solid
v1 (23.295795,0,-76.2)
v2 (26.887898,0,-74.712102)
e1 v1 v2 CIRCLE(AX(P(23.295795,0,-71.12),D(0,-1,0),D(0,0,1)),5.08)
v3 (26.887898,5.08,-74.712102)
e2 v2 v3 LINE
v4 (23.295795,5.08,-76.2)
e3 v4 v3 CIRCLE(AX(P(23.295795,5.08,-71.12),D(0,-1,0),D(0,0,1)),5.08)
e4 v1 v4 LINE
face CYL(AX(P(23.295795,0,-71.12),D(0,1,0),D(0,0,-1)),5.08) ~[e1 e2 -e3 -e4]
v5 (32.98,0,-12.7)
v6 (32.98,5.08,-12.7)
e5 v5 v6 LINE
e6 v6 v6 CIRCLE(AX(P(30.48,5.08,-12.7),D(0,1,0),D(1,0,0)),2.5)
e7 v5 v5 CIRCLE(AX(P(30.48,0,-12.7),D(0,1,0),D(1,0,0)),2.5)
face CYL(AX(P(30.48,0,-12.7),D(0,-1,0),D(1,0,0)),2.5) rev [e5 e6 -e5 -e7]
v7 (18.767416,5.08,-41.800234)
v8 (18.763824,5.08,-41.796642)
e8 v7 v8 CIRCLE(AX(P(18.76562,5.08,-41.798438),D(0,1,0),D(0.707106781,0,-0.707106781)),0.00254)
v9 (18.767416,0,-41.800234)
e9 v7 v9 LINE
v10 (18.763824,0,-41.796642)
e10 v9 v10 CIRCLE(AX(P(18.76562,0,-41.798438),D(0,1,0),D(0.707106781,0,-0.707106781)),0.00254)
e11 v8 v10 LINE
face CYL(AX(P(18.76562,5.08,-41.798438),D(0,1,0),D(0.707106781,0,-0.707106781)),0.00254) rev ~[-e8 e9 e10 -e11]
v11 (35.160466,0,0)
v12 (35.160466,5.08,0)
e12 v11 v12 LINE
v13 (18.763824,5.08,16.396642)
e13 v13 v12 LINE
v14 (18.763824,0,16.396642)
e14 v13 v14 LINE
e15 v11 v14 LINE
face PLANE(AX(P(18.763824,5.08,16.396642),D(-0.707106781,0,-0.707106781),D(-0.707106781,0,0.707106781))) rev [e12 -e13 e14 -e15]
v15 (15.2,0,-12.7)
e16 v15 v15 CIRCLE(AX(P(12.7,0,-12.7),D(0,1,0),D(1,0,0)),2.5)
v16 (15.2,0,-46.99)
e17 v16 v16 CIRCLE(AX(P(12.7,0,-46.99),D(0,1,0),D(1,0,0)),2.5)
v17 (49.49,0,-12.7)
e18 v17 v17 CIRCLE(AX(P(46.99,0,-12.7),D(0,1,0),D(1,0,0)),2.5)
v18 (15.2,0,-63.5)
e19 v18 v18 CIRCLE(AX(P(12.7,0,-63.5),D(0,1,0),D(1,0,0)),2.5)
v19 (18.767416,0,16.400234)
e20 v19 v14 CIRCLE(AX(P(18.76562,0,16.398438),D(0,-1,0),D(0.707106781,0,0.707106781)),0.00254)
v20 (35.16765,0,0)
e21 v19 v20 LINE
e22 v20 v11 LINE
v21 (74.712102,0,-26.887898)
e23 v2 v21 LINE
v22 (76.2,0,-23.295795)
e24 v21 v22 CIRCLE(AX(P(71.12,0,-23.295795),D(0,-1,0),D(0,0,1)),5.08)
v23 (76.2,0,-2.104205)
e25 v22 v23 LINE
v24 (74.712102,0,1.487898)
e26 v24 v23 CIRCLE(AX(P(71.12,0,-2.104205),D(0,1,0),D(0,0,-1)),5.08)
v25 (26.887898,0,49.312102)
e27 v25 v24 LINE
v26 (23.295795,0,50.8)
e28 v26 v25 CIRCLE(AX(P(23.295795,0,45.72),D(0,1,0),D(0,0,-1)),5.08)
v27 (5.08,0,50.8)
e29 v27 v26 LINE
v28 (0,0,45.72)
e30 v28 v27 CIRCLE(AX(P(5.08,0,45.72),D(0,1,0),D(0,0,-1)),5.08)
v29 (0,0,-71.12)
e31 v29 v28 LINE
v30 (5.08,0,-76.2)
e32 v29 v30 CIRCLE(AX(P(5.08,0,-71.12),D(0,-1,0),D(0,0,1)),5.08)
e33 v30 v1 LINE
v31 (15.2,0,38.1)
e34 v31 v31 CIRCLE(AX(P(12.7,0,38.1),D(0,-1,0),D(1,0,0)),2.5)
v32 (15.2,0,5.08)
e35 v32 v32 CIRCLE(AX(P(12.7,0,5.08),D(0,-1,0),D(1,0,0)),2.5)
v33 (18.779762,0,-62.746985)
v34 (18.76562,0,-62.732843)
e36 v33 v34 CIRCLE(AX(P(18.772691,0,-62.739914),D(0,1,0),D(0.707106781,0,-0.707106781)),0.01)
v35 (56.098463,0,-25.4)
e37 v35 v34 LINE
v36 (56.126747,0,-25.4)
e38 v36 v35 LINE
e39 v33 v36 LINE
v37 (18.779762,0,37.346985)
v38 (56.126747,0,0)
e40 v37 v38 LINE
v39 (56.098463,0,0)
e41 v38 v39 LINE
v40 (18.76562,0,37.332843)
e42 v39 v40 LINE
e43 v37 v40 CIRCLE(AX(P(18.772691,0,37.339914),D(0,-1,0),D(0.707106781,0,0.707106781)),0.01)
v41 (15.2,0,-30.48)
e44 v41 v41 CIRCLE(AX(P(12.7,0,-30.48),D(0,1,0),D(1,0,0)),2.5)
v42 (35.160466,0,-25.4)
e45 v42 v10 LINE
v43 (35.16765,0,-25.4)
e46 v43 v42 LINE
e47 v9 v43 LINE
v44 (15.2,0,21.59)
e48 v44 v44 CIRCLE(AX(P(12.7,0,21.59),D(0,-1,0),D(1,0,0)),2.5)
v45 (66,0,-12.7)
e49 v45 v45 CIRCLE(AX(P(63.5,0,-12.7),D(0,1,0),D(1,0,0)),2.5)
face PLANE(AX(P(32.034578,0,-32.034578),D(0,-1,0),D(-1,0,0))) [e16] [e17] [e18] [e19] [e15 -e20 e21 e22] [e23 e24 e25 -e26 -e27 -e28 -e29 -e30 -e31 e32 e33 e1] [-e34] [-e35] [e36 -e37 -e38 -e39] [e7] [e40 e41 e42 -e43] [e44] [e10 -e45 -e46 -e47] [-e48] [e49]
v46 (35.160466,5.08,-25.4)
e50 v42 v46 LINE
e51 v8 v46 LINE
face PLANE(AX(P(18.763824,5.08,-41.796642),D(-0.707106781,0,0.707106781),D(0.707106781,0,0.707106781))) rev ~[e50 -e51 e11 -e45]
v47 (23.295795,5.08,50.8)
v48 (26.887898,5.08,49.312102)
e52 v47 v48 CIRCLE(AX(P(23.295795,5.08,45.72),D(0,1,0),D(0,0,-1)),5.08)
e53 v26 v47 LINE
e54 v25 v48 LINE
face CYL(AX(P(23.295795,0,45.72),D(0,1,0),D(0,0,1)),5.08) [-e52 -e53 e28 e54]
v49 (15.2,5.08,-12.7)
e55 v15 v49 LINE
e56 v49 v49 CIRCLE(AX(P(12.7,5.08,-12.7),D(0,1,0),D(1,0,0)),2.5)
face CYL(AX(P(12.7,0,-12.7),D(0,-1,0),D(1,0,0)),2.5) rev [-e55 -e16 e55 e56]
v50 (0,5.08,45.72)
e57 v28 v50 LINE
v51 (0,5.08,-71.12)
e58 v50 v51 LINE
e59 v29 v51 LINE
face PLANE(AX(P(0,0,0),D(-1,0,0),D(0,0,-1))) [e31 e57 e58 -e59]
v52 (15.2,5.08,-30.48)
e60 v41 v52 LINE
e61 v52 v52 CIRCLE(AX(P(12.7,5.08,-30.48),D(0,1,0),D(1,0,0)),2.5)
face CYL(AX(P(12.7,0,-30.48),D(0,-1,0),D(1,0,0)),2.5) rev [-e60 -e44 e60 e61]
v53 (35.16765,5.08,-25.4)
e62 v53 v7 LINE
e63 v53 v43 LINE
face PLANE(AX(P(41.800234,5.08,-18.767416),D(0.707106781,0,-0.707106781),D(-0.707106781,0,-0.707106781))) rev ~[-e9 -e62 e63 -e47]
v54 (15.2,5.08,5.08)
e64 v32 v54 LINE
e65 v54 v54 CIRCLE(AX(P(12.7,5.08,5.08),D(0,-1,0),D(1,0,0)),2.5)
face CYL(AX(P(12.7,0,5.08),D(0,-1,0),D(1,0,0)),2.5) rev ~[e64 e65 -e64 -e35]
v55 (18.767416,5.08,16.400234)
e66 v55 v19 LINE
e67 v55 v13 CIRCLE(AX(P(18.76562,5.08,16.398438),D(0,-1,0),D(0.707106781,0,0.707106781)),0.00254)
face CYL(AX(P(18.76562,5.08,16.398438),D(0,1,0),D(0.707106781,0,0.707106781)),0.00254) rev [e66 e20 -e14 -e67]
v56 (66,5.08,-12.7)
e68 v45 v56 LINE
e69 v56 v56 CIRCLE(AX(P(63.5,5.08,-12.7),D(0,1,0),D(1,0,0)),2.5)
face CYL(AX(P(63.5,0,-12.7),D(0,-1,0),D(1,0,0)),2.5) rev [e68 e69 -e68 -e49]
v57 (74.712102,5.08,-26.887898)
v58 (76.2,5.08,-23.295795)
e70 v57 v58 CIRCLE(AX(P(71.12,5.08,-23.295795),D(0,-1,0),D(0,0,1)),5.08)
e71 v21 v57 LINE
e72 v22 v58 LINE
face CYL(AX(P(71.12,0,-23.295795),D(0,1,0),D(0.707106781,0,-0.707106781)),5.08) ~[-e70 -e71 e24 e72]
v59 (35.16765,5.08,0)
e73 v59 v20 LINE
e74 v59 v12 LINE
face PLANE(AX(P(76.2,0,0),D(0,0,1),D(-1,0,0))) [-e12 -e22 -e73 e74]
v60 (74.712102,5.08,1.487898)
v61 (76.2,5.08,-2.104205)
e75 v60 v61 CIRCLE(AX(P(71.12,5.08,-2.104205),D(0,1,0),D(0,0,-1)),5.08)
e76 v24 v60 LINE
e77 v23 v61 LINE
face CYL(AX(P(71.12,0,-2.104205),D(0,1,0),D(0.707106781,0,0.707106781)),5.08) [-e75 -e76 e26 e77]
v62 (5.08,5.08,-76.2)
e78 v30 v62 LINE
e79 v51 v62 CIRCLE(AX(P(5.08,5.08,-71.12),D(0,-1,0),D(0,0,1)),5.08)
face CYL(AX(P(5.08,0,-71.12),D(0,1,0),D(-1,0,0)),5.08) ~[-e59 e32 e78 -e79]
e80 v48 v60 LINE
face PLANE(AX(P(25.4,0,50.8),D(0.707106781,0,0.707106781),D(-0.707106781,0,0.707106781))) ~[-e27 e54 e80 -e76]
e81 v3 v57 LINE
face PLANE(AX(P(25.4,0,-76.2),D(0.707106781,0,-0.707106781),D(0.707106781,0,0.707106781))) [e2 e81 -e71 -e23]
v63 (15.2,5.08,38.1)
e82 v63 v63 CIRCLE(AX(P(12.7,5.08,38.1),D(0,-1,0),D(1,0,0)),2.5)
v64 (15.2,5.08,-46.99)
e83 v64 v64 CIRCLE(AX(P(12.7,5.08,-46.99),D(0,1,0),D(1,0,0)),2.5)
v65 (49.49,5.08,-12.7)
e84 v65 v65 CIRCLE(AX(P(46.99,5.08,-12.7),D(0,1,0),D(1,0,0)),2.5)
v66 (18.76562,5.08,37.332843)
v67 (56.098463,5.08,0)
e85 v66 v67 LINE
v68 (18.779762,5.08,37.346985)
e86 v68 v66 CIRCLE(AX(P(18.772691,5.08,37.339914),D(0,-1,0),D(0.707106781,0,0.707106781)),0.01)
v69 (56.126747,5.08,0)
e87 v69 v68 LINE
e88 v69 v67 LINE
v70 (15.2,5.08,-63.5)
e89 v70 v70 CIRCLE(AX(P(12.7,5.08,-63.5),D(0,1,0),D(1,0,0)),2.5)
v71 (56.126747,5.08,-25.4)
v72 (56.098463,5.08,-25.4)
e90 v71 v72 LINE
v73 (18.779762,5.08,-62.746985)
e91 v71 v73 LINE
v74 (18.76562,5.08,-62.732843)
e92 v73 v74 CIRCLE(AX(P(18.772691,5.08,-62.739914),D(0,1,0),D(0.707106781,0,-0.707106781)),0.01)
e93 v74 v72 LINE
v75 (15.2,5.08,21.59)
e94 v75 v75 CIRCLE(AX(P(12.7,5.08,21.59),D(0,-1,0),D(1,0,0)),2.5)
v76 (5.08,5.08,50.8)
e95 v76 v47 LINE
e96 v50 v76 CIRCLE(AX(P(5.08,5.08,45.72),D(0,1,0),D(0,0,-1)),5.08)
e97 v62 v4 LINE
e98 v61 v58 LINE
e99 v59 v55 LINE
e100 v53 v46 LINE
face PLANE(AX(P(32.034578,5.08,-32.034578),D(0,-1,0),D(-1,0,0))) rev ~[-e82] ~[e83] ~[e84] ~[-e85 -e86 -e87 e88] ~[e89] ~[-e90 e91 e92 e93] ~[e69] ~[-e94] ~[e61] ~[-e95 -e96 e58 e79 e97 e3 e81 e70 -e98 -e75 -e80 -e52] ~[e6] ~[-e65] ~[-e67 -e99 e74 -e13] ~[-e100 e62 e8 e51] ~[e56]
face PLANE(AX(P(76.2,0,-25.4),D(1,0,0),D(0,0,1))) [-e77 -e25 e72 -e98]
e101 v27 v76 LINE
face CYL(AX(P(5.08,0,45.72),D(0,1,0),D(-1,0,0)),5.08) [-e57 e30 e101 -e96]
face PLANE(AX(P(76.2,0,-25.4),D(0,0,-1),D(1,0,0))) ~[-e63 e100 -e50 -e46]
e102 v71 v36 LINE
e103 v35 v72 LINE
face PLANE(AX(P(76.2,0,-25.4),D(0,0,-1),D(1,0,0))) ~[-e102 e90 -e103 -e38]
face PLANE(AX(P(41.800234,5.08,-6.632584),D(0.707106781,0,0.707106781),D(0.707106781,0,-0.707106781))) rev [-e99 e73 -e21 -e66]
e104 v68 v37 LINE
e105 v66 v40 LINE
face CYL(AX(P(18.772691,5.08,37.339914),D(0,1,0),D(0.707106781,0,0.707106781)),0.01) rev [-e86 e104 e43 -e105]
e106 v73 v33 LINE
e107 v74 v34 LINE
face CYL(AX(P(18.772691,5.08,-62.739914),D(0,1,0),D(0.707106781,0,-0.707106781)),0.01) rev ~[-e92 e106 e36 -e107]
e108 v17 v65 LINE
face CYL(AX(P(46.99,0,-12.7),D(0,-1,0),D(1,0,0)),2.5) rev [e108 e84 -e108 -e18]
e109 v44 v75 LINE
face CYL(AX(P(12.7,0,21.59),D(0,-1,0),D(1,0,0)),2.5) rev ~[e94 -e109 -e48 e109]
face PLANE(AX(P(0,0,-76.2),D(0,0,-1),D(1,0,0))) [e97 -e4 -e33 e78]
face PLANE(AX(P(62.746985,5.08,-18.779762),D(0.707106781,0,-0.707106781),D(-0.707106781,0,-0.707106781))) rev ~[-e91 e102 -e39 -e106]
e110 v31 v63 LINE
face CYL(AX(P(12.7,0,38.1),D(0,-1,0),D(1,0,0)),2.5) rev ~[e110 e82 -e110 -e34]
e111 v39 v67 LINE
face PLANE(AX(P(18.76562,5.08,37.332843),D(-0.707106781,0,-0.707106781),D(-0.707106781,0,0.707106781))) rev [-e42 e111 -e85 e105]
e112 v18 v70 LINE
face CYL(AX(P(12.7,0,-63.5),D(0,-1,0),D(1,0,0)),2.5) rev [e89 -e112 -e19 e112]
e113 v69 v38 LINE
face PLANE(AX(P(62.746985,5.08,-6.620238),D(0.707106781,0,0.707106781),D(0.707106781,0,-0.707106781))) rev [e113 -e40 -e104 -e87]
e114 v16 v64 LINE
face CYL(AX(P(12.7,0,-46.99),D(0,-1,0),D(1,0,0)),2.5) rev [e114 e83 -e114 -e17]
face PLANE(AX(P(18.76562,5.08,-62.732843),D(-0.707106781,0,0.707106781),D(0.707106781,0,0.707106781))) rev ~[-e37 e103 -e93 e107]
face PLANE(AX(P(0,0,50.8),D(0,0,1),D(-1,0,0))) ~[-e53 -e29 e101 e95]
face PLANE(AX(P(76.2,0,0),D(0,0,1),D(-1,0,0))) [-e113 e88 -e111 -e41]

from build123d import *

# Parameters (mm, degrees)
SKETCH1_R           = 2.5
BOSS_EXTRUDE1_DEPTH = 5.08
FILLET1_R           = 5.08
FILLET2_R           = 5.08
CUT_EXTRUDE1_DEPTH  = 6.08


with BuildPart() as part:
    # Sketch1 → Boss-Extrude1 (new body)
    with BuildSketch(Plane(origin=(0, 0, 0), x_dir=(1, 0, 0), z_dir=(0, 1, 0))):
        Polygon((0, 0), (0, 76.2), (25.4, 76.2), (76.2, 25.4), (76.2, 0), align=None)
        with Locations((12.7, 63.5)):
            Circle(SKETCH1_R, mode=Mode.SUBTRACT)
        with Locations((63.5, 12.7)):
            Circle(SKETCH1_R, mode=Mode.SUBTRACT)
        with Locations((12.7, 46.99)):
            Circle(SKETCH1_R, mode=Mode.SUBTRACT)
        with Locations((12.7, 30.48)):
            Circle(SKETCH1_R, mode=Mode.SUBTRACT)
        with Locations((46.99, 12.7)):
            Circle(SKETCH1_R, mode=Mode.SUBTRACT)
        with Locations((30.48, 12.7)):
            Circle(SKETCH1_R, mode=Mode.SUBTRACT)
        with Locations((12.7, 12.7)):
            Circle(SKETCH1_R, mode=Mode.SUBTRACT)
    extrude(amount=BOSS_EXTRUDE1_DEPTH)

    # Fillet1
    fillet1_edges = [part.edges().sort_by_distance(p)[0] for p in [
        (0, 2.54, 0),
    ]]
    fillet(fillet1_edges, radius=FILLET1_R)

    # Fillet2
    fillet2_edges = [part.edges().sort_by_distance(p)[0] for p in [
        (0, 2.54, -76.2),
        (25.4, 2.54, -76.2),
        (76.2, 2.54, -25.4),
        (76.2, 2.54, 0),
    ]]
    fillet(fillet2_edges, radius=FILLET2_R)

    # Sketch2 → Cut-Extrude1 (cut, through all)
    with BuildSketch(Plane(origin=(0, 5.08, 0), x_dir=(1, 0, 0), z_dir=(0, 1, 0))):
        with BuildLine():
            Line((18.765620134, 62.732842611), (62.732842611, 18.765620134))
            ThreePointArc((62.732842611, 18.765620134), (62.746984747, 18.765620134), (62.746984747, 18.77976227))
            Line((62.746984747, 18.77976227), (18.77976227, 62.746984747))
            ThreePointArc((18.77976227, 62.746984747), (18.765620134, 62.746984747), (18.765620134, 62.732842611))
        make_face()
        with BuildLine():
            Line((18.763824083, 41.796641641), (41.796641641, 18.763824083))
            ThreePointArc((41.796641641, 18.763824083), (41.800233744, 18.763824083), (41.800233744, 18.767416186))
            Line((41.800233744, 18.767416186), (18.767416186, 41.800233744))
            ThreePointArc((18.767416186, 41.800233744), (18.763824083, 41.800233744), (18.763824083, 41.796641641))
        make_face()
        with BuildLine():
            Line((24.444358625, 18.548492515), (18.548492515, 24.444358625))
            ThreePointArc((18.548492515, 24.444358625), (18.544900412, 24.444358625), (18.544900412, 24.440766523))
            Line((18.544900412, 24.440766523), (24.440766523, 18.544900412))
            ThreePointArc((24.440766523, 18.544900412), (24.444358625, 18.544900412), (24.444358625, 18.548492515))
        make_face()
    extrude(amount=-CUT_EXTRUDE1_DEPTH, mode=Mode.SUBTRACT)

    # Mirror1: part across plane


with BuildPart() as part_1:
    add(part.part)
    add(part.part.mirror(Plane.XY.offset(-12.7)))


solid = part_1.part
